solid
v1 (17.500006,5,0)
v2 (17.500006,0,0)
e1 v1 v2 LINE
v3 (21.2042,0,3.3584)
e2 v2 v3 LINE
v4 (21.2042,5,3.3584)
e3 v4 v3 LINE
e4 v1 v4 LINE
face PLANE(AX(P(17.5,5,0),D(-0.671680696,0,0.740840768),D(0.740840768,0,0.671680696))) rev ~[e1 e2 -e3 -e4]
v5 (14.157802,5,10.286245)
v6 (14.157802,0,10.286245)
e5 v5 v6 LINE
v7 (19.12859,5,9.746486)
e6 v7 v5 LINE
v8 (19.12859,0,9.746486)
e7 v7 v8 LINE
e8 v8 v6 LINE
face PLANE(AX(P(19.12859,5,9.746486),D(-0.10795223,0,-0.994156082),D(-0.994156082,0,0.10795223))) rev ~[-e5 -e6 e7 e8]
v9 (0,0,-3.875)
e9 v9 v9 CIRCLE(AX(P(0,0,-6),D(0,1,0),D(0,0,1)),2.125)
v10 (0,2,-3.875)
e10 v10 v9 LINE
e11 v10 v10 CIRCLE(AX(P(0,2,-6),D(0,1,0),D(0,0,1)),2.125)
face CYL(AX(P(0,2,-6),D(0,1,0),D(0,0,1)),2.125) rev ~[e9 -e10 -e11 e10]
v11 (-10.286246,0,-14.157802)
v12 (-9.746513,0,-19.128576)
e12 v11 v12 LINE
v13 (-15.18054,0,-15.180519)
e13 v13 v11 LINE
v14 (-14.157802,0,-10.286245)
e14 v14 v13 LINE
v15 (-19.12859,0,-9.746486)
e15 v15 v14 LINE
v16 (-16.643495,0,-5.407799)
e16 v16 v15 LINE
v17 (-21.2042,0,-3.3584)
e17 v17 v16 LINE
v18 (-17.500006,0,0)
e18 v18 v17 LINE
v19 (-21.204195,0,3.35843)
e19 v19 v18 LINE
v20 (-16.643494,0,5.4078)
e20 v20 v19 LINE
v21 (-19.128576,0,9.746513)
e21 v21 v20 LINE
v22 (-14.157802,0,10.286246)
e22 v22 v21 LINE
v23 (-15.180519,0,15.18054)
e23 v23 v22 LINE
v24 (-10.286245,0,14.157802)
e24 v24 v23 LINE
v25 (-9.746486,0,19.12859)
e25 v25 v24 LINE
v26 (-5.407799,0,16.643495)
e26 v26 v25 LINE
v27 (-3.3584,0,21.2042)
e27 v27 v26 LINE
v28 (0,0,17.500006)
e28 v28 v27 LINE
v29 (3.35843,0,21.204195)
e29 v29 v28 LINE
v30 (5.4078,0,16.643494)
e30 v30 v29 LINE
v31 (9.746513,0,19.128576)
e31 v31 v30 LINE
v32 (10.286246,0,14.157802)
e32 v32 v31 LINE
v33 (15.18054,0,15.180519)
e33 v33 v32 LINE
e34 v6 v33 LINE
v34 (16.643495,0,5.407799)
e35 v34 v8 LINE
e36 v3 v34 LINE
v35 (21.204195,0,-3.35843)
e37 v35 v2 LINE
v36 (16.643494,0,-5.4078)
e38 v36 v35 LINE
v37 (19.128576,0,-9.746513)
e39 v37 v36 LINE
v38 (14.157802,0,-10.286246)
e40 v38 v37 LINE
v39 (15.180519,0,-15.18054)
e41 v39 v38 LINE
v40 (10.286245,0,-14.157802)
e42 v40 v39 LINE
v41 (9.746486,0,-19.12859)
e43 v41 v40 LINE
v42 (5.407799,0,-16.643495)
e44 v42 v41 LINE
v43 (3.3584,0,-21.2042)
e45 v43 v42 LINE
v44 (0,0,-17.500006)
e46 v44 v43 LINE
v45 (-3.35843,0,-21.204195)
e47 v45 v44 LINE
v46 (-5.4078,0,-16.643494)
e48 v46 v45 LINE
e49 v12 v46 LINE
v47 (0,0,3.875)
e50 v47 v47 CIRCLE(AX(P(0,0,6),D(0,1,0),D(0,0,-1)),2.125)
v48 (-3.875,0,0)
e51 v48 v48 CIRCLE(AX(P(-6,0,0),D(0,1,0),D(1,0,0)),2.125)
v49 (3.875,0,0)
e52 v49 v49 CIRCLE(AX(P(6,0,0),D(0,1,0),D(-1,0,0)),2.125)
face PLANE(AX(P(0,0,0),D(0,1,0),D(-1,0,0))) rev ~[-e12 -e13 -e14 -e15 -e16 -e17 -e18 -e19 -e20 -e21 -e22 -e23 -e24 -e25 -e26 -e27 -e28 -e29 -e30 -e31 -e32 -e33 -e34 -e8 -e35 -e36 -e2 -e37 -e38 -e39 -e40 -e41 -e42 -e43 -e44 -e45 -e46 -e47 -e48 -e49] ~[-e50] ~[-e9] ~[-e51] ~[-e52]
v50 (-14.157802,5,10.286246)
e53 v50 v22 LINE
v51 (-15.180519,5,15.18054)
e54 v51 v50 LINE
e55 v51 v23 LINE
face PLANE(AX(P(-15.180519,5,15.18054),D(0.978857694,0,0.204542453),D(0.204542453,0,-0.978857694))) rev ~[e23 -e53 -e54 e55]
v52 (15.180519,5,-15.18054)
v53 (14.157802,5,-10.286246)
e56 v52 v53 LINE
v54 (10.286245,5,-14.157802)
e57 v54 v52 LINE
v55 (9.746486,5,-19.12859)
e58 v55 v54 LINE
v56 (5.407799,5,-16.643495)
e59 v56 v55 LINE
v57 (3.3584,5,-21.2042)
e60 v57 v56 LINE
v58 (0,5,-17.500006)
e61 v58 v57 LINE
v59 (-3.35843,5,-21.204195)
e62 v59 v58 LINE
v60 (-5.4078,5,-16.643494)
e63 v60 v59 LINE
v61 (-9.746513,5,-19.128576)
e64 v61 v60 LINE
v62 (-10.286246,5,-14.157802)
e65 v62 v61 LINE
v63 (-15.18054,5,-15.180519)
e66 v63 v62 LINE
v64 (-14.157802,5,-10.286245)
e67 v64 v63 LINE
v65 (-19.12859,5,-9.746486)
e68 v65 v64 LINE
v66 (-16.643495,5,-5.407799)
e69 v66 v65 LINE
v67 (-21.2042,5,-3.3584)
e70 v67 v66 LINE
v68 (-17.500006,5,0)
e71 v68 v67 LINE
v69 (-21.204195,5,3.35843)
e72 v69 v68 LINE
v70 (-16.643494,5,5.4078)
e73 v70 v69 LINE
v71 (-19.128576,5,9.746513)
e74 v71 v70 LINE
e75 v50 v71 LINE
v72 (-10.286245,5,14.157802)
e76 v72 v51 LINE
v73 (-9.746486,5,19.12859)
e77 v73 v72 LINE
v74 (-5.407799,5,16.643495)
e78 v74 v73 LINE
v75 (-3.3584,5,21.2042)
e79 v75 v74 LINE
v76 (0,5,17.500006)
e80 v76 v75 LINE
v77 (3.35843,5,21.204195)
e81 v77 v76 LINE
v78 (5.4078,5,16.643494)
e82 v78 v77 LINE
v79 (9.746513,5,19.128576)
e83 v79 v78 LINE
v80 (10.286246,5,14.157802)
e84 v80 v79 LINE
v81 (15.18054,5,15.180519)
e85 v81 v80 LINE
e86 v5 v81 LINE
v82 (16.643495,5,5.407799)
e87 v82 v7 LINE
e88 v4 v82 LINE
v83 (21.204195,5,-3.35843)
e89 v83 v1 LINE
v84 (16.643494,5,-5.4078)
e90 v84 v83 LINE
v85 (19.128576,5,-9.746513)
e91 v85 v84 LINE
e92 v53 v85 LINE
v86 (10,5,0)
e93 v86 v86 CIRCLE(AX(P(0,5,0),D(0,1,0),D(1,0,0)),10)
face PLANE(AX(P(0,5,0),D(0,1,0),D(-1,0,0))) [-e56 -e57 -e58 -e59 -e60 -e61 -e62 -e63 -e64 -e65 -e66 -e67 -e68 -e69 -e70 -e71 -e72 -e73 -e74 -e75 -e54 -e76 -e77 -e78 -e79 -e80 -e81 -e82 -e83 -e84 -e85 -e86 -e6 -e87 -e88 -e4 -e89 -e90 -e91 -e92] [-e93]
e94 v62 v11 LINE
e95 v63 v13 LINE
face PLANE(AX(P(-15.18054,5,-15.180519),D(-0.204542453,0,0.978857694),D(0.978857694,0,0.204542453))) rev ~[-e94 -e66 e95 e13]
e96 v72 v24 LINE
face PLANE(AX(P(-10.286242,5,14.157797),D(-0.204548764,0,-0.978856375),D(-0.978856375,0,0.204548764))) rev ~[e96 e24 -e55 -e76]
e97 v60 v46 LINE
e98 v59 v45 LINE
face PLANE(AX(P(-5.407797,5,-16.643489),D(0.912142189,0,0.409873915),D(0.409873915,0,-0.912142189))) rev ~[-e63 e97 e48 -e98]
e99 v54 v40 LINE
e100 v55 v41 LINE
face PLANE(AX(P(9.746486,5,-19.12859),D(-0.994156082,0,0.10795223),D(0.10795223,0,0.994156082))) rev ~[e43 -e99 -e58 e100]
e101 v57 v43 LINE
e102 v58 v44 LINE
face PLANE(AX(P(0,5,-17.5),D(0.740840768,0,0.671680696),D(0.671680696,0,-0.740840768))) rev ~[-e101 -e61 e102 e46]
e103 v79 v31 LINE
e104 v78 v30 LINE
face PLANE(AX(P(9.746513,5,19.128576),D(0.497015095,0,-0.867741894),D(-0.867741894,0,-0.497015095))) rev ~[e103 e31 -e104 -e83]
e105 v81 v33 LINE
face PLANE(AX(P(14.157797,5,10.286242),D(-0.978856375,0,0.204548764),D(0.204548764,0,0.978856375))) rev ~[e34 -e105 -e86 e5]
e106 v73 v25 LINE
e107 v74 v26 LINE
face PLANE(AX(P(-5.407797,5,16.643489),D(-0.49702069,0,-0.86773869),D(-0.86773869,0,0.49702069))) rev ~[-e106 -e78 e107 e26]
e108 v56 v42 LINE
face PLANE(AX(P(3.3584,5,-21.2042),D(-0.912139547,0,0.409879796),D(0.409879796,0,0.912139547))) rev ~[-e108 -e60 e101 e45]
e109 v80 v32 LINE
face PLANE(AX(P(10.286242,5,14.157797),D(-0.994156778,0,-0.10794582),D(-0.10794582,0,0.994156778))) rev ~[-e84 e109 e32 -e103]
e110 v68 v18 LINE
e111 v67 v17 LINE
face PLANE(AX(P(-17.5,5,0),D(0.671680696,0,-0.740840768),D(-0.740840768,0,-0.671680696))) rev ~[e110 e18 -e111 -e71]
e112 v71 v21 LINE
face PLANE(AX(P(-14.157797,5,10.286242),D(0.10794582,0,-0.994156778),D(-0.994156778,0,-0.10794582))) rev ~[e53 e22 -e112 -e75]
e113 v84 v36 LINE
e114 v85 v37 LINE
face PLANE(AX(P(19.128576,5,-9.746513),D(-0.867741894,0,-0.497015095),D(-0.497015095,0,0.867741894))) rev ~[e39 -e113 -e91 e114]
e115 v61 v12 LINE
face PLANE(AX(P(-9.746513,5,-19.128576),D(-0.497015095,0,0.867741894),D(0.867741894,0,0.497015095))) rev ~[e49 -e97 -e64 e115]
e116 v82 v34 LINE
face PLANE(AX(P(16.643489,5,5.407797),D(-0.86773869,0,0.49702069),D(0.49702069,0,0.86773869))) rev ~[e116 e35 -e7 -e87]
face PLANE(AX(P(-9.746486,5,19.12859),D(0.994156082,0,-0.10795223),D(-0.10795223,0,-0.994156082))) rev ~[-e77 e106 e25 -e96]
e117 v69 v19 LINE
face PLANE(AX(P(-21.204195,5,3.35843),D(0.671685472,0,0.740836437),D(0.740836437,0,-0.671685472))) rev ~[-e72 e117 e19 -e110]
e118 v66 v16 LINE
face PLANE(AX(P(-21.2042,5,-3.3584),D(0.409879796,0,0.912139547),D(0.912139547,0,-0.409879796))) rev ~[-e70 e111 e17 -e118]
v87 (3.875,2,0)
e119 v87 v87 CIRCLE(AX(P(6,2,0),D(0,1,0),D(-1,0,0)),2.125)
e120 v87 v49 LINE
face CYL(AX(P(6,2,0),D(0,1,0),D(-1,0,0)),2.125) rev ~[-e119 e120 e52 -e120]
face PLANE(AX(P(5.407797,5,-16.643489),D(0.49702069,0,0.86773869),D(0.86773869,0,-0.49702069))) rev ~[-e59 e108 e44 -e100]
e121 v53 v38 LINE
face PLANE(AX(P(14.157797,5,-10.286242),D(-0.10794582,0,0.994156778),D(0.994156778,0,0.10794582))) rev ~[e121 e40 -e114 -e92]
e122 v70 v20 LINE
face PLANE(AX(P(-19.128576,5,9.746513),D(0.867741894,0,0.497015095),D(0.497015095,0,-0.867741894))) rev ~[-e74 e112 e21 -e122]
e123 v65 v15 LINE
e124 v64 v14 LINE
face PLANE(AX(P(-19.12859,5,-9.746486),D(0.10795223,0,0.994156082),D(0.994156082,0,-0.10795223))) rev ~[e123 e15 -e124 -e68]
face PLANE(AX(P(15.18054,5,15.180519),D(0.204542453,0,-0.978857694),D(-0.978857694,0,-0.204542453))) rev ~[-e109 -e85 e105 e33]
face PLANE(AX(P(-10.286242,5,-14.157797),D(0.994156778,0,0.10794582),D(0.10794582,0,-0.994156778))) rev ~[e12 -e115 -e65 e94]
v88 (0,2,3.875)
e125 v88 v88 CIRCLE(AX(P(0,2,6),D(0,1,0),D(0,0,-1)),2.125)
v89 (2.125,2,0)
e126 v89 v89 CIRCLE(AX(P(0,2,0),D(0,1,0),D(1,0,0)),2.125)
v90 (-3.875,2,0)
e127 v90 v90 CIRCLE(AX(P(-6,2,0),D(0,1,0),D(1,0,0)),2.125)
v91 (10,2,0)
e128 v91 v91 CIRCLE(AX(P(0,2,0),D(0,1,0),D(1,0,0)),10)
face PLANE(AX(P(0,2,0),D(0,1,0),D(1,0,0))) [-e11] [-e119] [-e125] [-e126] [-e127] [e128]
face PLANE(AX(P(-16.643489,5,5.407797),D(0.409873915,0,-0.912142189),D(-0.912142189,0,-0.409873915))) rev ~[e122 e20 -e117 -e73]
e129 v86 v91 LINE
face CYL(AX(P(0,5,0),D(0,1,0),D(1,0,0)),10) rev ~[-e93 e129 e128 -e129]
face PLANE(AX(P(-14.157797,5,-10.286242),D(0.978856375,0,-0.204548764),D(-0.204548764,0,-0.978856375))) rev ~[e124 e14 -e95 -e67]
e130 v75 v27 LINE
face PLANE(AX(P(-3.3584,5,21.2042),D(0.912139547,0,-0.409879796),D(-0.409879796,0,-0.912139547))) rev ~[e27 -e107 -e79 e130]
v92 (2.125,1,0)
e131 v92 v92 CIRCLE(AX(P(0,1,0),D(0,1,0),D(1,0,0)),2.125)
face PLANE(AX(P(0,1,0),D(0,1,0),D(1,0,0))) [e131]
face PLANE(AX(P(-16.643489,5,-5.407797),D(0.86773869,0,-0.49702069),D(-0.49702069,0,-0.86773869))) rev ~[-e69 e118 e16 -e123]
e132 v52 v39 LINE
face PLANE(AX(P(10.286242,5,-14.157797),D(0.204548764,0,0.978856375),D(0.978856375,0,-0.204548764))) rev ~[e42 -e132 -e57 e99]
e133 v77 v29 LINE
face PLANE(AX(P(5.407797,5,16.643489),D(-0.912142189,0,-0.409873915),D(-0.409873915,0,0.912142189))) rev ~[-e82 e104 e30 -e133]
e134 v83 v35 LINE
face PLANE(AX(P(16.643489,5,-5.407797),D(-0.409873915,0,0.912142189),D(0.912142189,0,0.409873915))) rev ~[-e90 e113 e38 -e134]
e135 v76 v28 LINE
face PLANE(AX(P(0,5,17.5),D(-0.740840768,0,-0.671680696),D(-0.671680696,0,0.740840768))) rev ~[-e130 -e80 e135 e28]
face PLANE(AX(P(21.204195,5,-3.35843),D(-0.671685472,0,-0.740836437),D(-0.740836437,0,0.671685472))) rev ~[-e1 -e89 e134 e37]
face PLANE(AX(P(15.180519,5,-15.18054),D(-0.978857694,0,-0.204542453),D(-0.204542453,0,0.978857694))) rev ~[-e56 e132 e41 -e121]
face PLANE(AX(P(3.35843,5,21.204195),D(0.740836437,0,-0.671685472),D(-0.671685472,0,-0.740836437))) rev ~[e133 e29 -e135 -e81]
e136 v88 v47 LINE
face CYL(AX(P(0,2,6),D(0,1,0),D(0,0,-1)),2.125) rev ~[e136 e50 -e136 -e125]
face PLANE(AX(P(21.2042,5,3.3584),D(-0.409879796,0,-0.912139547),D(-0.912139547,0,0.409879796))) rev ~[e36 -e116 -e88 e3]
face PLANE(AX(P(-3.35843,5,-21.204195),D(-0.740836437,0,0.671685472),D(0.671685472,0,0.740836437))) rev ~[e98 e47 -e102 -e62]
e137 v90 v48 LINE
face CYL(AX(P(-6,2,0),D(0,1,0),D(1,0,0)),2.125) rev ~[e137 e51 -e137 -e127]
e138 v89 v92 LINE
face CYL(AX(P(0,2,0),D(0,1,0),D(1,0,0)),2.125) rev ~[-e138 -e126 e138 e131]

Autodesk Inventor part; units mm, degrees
ref_plane "YZ Plane" through (0, 0, 0) normal (1, 0, 0) x (0, 1, 0)
ref_plane "XZ Plane" through (0, 0, 0) normal (0, 1, 0) x (-1, 0, 0)
ref_plane "XY Plane" through (0, 0, 0) normal (0, 0, 1) x (1, 0, 0)
sketch "Sketch1" plane through (0, 0, 0) normal (0, 1, 0) x (-1, 0, 0)
  circle A0 centre (0, 0) radius 17.5
  dimension "d0" = 35
extrude "Extrusion1" add sketch "Sketch1" along normal blind 5
sketch "Sketch2" plane through (0, 5, 0) normal (0, 1, 0) x (1, 0, 0)
  circle A0 centre (0, 0) radius 10
  dimension "d3" = 20
extrude "Extrusion2" cut sketch "Sketch2" against normal blind 3
sketch "Sketch3" plane through (0, 2, 0) normal (0, 1, 0) x (1, 0, 0)
  circle A0 centre (-6, 0) radius 2.125
  circle A1 centre (-6, 0) radius 2.125
  point P0 (0, 0)
  dimension "d7" = 4.25
extrude "Extrusion3" cut sketch "Sketch3" against normal through all
pattern_circular "Circular Pattern1" count 4 over 360 about axis through (0, 5, 0) along (0, -1, 0) of "Extrusion3"
sketch "Sketch4" plane through (0, 2, 0) normal (0, 1, 0) x (1, 0, 0)
  circle A0 centre (0, 0) radius 2.125
  dimension "d13" = 4.25
extrude "Extrusion4" cut sketch "Sketch4" against normal blind 1
sketch "Sketch6" plane through (0, 5, 0) normal (0, 1, 0) x (1, 0, 0)
  arc A0 (5.4078, 16.6435) -> (0, 17.5) centre (0, 0) ccw
  line L0 (0, 0) -> (5.4078, 16.6435) construction
  line L1 (0, 0) -> (0, 17.5) construction
  line L2 (0, 0) -> (4.3015, 27.1585)
  line L3 (0, 0) -> (27.497, 0) construction
  arc A1 (5.4078, 16.6435) -> (0, 17.5) centre (0, 0) ccw
  dimension "d16" = 18
  dimension "d17" = 81
sketch "Sketch7" plane through (0, 5, 0) normal (0, 1, 0) x (1, 0, 0)
  circle A0 centre (0, 0) radius 17.5 projected
  arc A1 (5.4078, 16.6435) -> (0, 17.5) centre (0, 0) ccw
  line L0 (0, 0) -> (5.4078, 16.6435) construction
  line L1 (0, 0) -> (0, 17.5) construction
  line L2 (0, 0) -> (4.2807, 27.027)
  line L3 (0, 0) -> (27.3639, 0) construction
  line L4 (0, 17.5) -> (3.3584, 21.2042)
  line L5 (3.3584, 21.2042) -> (5.4078, 16.6435)
  dimension "d18" = 18
  dimension "d19" = 81
  dimension "d20" = 5
extrude "Extrusion5" add sketch "Sketch7" against normal blind 5 contours A0 L2 L5 | L4 L2 A0
pattern_circular "Circular Pattern2" count 20 over 360 about axis through (0, 0, 0) along (0, 1, 0) of "Extrusion5"
properties part number "SmallGear"
